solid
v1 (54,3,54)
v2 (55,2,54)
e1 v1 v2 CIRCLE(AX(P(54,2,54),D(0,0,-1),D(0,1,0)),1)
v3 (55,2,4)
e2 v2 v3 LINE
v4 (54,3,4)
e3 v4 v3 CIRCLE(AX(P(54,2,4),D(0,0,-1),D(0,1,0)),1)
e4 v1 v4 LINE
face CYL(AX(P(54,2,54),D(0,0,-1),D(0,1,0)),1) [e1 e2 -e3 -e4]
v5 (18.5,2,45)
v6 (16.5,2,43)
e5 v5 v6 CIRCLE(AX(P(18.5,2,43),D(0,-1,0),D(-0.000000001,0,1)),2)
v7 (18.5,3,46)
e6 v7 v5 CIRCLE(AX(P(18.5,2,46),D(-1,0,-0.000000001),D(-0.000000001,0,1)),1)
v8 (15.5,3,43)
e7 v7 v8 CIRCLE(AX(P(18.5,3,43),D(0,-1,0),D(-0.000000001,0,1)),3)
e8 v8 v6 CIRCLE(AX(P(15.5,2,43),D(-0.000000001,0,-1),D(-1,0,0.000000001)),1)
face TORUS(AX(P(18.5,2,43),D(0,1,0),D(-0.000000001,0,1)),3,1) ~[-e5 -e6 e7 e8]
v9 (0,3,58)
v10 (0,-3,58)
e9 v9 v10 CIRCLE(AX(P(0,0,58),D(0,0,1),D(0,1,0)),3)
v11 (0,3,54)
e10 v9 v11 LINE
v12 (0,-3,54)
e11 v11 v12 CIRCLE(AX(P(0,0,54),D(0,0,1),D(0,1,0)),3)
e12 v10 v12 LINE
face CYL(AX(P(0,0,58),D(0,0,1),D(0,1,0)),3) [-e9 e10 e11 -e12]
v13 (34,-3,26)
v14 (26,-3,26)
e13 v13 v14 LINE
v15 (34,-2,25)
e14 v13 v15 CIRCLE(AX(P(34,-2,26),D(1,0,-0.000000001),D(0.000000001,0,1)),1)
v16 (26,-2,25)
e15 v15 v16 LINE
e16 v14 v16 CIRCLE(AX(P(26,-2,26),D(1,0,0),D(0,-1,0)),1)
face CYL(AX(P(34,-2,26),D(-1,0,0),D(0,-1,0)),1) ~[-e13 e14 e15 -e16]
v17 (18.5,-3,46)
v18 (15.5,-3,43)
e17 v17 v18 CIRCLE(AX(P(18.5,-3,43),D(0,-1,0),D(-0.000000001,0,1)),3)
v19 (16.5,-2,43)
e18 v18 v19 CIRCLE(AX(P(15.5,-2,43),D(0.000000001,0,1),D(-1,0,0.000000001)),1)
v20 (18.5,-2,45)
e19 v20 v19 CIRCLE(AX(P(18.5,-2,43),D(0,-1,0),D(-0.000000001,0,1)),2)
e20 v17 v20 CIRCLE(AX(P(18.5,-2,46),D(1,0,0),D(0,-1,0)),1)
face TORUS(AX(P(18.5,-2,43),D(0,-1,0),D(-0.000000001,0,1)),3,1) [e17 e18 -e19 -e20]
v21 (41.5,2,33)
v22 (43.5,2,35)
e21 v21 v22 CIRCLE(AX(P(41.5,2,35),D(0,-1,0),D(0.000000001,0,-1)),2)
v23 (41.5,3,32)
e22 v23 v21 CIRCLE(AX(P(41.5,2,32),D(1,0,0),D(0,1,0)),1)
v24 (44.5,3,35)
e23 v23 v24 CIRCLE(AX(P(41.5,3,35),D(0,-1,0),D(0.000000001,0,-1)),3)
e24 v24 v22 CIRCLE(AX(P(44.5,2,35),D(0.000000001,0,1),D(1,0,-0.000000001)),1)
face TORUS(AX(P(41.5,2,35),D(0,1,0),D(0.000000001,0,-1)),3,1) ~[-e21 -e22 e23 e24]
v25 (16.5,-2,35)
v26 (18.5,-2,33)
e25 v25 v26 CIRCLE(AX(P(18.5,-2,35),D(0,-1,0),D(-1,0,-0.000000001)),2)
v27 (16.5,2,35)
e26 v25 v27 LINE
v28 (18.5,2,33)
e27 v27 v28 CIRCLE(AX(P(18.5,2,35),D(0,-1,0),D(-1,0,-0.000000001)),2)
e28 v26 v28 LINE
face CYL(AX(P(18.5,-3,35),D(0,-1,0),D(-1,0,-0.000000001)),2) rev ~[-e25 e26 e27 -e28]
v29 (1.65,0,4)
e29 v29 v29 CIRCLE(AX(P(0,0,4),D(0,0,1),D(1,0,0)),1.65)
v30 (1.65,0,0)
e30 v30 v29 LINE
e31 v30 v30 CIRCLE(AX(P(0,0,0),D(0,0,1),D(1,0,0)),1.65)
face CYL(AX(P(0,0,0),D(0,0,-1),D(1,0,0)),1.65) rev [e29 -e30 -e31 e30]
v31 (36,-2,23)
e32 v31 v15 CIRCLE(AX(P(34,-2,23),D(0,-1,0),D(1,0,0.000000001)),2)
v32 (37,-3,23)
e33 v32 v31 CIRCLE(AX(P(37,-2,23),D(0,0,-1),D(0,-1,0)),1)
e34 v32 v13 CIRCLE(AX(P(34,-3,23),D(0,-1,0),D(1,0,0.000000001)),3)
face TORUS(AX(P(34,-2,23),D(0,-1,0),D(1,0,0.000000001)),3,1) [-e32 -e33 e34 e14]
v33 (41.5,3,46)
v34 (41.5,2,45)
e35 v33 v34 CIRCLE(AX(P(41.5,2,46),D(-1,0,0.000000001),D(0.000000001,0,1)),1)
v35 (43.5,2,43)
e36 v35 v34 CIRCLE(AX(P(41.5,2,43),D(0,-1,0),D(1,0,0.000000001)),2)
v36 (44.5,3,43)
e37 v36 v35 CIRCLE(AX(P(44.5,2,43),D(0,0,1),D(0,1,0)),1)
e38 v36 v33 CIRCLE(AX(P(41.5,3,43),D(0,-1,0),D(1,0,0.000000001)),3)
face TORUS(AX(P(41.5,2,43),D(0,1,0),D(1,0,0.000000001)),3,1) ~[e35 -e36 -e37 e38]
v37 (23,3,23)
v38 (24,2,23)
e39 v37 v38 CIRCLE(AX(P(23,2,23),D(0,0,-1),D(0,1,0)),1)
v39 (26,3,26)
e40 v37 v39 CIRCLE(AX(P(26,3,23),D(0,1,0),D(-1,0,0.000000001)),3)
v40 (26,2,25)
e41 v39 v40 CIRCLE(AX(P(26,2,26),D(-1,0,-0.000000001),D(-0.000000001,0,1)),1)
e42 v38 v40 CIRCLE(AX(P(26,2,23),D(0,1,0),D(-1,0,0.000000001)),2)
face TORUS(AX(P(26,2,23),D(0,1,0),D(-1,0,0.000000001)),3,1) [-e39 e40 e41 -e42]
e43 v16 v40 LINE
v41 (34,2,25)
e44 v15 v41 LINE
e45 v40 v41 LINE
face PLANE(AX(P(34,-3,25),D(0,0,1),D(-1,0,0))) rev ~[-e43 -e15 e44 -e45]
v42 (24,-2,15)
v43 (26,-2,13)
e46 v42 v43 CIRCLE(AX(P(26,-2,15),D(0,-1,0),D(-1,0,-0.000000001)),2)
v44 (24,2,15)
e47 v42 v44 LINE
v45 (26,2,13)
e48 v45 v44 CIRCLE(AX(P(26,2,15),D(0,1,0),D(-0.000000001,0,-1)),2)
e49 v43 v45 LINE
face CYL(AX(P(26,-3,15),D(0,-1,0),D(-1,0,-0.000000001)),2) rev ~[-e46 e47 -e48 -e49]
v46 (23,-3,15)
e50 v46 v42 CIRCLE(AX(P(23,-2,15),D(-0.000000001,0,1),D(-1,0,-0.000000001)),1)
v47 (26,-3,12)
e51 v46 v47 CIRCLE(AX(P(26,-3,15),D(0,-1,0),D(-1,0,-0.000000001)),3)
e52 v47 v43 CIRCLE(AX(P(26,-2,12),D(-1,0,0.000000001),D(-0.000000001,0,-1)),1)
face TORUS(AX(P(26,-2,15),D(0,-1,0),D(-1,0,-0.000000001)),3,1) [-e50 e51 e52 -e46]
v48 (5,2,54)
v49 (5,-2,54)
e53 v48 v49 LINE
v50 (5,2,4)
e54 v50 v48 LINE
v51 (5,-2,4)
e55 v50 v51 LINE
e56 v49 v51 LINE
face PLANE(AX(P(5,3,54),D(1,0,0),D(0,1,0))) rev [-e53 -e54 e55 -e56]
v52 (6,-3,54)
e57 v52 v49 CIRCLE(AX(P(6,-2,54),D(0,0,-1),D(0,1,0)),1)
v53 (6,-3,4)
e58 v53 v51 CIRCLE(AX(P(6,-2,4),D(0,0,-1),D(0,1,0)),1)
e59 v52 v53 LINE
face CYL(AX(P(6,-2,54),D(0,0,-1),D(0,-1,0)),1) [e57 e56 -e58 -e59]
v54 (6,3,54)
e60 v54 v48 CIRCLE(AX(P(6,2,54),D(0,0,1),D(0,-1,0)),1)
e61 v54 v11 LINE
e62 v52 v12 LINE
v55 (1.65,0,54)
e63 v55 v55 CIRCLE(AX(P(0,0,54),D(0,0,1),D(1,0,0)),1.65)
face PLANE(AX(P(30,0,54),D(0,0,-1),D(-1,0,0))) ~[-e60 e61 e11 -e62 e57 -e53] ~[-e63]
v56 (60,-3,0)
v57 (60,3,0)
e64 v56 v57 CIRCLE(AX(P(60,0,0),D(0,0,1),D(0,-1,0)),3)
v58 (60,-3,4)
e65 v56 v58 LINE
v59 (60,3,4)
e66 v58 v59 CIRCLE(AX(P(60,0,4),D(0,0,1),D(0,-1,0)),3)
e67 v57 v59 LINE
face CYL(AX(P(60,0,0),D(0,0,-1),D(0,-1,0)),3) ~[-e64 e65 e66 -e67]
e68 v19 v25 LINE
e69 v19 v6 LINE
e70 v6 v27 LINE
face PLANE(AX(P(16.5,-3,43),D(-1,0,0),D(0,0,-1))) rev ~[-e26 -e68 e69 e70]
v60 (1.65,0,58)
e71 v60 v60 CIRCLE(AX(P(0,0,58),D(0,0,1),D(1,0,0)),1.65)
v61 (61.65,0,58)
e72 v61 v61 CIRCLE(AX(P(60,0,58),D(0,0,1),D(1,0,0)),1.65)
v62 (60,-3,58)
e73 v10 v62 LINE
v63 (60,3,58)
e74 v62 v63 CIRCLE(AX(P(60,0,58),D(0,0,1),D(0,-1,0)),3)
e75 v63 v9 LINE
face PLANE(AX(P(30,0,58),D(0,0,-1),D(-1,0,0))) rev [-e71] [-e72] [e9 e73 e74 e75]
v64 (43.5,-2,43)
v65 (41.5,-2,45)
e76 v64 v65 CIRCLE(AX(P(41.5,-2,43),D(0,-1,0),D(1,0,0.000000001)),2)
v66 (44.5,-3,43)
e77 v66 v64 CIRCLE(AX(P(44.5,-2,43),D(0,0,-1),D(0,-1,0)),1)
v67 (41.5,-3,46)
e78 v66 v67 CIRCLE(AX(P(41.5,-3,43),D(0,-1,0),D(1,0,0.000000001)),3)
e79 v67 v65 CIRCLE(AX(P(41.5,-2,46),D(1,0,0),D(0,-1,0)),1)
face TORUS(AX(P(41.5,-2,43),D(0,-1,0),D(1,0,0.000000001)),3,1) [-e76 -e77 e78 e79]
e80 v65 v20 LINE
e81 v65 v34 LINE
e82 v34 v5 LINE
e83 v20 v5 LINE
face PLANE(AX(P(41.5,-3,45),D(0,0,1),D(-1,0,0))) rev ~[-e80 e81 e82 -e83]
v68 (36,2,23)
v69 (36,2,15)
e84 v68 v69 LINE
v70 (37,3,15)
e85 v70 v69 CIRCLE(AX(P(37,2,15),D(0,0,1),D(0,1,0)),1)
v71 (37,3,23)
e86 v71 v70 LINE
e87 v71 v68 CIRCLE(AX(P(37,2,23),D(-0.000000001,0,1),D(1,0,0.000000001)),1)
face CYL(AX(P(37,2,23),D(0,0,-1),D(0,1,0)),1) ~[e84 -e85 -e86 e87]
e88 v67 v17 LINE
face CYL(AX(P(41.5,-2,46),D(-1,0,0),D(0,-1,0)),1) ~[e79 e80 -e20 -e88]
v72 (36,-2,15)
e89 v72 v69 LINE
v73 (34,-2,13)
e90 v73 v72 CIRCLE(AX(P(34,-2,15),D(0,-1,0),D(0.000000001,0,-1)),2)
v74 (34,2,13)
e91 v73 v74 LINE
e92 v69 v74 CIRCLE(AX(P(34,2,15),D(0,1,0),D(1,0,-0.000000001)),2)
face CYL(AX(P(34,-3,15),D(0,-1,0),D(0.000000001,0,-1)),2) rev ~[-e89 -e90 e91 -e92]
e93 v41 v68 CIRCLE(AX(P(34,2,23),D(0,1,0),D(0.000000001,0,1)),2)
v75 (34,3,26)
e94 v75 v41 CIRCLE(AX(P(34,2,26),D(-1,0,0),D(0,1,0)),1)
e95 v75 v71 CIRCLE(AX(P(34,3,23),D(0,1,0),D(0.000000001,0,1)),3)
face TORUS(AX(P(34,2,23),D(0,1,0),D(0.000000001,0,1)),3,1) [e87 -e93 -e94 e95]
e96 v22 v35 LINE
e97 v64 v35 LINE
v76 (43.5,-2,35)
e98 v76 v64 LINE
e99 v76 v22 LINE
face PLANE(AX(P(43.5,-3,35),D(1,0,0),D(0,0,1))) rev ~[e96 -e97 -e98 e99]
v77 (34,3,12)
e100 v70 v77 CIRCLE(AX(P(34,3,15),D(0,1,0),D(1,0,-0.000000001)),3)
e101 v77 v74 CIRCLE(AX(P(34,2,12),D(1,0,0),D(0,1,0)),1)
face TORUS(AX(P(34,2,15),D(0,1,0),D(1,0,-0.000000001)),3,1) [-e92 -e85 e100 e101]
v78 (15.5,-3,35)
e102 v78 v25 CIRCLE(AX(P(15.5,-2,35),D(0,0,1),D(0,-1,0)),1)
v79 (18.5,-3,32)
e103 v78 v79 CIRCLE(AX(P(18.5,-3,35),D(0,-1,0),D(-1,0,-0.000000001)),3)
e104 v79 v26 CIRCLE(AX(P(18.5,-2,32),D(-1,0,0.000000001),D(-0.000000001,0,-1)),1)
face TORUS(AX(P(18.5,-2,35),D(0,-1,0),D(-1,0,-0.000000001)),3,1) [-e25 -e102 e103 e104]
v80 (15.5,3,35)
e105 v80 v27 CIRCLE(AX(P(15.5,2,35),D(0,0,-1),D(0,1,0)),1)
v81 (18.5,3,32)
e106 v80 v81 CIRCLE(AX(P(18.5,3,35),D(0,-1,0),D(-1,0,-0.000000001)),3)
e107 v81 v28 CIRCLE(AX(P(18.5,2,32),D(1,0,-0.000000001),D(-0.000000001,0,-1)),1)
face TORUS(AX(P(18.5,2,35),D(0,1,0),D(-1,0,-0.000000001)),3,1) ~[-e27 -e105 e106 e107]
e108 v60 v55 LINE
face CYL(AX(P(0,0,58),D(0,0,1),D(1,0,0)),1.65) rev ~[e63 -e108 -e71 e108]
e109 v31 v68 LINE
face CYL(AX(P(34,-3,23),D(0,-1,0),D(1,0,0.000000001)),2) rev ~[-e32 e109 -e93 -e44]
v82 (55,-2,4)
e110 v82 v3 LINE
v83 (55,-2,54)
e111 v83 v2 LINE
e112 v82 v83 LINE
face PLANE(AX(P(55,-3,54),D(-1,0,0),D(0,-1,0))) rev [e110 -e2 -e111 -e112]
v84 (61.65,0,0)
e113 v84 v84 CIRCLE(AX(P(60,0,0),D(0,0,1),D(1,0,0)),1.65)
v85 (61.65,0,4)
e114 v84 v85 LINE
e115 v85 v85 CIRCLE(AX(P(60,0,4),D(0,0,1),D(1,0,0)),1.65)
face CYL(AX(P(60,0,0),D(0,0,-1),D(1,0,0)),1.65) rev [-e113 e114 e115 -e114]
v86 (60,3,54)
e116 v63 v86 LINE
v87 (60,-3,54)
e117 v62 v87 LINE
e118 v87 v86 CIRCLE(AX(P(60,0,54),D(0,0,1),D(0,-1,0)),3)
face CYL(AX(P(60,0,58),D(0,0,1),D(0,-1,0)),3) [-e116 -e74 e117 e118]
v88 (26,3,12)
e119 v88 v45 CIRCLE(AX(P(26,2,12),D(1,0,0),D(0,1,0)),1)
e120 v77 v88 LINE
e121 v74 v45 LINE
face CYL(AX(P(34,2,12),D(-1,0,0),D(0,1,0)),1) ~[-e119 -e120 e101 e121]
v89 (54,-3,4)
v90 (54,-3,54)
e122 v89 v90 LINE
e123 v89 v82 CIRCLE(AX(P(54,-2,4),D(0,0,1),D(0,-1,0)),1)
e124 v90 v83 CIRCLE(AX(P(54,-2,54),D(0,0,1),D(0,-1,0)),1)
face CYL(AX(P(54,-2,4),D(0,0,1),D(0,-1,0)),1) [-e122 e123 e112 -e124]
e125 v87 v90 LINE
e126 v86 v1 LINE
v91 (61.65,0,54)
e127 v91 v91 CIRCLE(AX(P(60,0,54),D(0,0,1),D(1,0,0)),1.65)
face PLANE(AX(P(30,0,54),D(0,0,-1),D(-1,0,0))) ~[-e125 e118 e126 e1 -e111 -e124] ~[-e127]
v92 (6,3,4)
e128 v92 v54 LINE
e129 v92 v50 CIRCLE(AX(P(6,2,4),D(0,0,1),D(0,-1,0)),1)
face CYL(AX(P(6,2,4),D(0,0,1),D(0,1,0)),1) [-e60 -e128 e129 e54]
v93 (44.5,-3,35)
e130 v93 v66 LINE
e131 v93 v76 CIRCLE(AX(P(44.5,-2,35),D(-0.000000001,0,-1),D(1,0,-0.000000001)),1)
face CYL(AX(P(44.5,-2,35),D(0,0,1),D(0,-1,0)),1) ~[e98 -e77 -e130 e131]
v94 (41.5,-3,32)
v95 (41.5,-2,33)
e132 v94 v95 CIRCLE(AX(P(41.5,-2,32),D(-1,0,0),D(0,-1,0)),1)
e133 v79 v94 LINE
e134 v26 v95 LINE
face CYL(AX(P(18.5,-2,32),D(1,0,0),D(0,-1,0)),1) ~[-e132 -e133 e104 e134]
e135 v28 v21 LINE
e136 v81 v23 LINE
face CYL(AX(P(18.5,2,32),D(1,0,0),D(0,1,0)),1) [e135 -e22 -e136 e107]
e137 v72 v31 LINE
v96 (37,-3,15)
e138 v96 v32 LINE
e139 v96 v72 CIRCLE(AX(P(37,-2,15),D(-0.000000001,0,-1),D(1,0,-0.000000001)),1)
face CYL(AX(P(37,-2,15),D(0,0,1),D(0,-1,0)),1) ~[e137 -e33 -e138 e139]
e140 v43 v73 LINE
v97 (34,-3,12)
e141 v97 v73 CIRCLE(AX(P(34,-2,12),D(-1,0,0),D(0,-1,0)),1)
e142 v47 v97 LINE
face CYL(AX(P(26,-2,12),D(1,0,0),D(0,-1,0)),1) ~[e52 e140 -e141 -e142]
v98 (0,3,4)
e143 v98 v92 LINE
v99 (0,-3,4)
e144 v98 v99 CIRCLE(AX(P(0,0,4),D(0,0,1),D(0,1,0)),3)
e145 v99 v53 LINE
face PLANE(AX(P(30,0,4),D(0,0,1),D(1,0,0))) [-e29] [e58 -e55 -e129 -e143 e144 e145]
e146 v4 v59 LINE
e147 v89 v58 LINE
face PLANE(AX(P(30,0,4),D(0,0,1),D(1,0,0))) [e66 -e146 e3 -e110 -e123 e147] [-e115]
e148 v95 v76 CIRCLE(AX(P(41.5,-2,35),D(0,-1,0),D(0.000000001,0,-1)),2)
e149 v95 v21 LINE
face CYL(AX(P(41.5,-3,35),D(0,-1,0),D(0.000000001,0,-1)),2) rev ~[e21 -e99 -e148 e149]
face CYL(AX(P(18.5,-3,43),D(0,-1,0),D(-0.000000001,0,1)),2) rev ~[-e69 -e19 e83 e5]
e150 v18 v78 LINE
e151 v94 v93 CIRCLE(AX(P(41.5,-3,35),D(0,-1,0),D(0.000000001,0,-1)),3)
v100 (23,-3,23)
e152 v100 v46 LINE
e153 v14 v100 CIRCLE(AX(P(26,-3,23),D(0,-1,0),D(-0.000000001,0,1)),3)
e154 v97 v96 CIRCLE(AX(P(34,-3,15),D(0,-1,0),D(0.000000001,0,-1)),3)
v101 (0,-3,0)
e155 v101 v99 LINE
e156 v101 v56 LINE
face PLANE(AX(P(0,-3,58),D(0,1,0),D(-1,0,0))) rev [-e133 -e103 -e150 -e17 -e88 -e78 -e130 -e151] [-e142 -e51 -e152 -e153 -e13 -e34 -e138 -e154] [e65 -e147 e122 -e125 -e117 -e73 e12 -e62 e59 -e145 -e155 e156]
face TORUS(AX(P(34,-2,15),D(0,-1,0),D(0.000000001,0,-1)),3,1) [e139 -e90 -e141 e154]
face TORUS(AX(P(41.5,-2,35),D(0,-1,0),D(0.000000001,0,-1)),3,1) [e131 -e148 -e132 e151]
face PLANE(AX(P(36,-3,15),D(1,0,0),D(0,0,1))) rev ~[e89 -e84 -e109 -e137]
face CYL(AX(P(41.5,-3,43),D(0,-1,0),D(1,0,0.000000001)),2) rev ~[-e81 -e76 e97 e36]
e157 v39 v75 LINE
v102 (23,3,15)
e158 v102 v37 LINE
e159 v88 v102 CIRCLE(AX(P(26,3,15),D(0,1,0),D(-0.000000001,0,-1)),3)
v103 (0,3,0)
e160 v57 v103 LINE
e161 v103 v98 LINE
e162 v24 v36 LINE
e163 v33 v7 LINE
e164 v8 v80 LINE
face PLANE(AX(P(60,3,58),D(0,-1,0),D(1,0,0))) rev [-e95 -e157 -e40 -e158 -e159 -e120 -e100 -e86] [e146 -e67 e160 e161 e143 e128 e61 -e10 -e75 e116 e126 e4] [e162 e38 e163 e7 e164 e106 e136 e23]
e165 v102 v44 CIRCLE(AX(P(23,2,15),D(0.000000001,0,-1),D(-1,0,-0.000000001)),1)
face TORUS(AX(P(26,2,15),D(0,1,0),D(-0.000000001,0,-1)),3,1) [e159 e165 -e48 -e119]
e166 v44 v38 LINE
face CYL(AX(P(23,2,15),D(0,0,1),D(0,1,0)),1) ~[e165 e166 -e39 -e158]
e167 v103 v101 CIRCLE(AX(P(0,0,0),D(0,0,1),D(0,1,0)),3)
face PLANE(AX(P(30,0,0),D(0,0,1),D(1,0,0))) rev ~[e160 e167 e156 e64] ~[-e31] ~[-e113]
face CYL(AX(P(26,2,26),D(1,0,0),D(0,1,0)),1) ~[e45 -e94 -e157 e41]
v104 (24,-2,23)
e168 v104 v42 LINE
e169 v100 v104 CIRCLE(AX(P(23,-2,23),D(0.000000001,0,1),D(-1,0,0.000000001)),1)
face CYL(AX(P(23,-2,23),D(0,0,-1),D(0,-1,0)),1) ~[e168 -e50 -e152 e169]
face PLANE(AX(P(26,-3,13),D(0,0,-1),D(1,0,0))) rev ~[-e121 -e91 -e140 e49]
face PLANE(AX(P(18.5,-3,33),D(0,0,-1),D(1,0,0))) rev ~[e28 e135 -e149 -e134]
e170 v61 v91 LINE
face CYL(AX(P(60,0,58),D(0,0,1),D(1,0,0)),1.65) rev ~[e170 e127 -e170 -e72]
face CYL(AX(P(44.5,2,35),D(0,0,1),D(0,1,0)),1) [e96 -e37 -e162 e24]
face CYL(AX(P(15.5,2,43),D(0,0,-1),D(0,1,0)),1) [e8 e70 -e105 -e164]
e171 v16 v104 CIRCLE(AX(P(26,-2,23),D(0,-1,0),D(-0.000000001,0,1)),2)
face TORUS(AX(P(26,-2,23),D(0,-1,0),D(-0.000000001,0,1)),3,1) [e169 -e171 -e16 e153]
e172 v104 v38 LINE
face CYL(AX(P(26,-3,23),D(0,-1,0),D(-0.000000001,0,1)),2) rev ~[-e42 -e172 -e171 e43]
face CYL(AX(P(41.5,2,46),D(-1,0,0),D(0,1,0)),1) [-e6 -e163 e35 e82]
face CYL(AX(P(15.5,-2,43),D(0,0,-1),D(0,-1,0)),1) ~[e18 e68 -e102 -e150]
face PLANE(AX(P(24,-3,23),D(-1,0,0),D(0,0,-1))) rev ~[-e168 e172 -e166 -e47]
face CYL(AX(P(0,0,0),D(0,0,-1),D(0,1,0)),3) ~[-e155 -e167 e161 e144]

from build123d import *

# Parameters (mm, degrees)
SKETCH1_R           = 1.65
BOSS_EXTRUDE1_DEPTH = 4
BOSS_EXTRUDE2_DEPTH = 25
CUT_EXTRUDE1_DEPTH  = 25
FILLET1_R           = 1


with BuildPart() as part:
    # Sketch1 → Boss-Extrude1 (new body)
    with BuildSketch(Plane.XY):
        with BuildLine():
            ThreePointArc((0, 3), (-3, 0), (0, -3))
            Line((0, -3), (60, -3))
            ThreePointArc((60, -3), (63, 0), (60, 3))
            Line((60, 3), (0, 3))
        make_face()
        Circle(SKETCH1_R, mode=Mode.SUBTRACT)
        with Locations((60, 0)):
            Circle(SKETCH1_R, mode=Mode.SUBTRACT)
    extrude(amount=BOSS_EXTRUDE1_DEPTH)

    # Sketch2 → Boss-Extrude2 (add)
    with BuildSketch(Plane.XY.offset(4)):
        Polygon((55, -2.5), (5, 2.5), (5, -3), (55, -3), align=None)
        Polygon((5, 3), (5, 2.5), (55, -2.5), (55, 3), align=None)
    extrude(amount=BOSS_EXTRUDE2_DEPTH)

    # Mirror1: part across plane


with BuildPart() as part_1:
    add(part.part)
    add(part.part.mirror(Plane.XY.offset(29)))

    # Sketch4 → Cut-Extrude1 (cut)
    with BuildSketch(Plane.XZ.offset(3)):
        with BuildLine():
            Line((16.5, 42.5), (26, 33))
            Line((26, 33), (41.5, 33))
            ThreePointArc((41.5, 33), (42.914213562, 33.585786438), (43.5, 35))
            Line((43.5, 35), (43.5, 43))
            ThreePointArc((43.5, 43), (42.914213562, 44.414213562), (41.5, 45))
            Line((41.5, 45), (18.5, 45))
            ThreePointArc((18.5, 45), (17.085786438, 44.414213562), (16.5, 43))
            Line((16.5, 43), (16.5, 42.5))
        make_face()
        with BuildLine():
            Line((18.5, 33), (26, 33))
            Line((26, 33), (16.5, 42.5))
            Line((16.5, 42.5), (16.5, 35))
            ThreePointArc((16.5, 35), (17.085786438, 33.585786438), (18.5, 33))
        make_face()
        with BuildLine():
            Line((36, 23), (34, 25))
            Line((34, 25), (26, 25))
            ThreePointArc((26, 25), (24.585786438, 24.414213562), (24, 23))
            Line((24, 23), (24, 15))
            ThreePointArc((24, 15), (24.585786438, 13.585786438), (26, 13))
            Line((26, 13), (34, 13))
            ThreePointArc((34, 13), (35.414213562, 13.585786438), (36, 15))
            Line((36, 15), (36, 23))
        make_face()
        with BuildLine():
            ThreePointArc((36, 23), (35.414213562, 24.414213562), (34, 25))
            Line((34, 25), (36, 23))
        make_face()
    extrude(amount=-CUT_EXTRUDE1_DEPTH, mode=Mode.SUBTRACT)

    # Fillet1
    fillet1_edges = [part_1.edges().sort_by_distance(p)[0] for p in [
        (24.585786438, -3, 13.585786438),
        (30, -3, 25),
        (36, -3, 19),
        (30, -3, 13),
        (35.414213562, -3, 13.585786438),
        (35.414213562, -3, 24.414213562),
        (24.585786438, -3, 24.414213562),
        (24, -3, 19),
        (55, -3, 29),
        (55, 3, 29),
        (5, 3, 29),
        (5, -3, 29),
        (30, 3, 13),
        (35.414213562, 3, 13.585786438),
        (36, 3, 19),
        (35.414213562, 3, 24.414213562),
        (30, 3, 25),
        (24.585786438, 3, 24.414213562),
        (24, 3, 19),
        (24.585786438, 3, 13.585786438),
        (17.085786438, 3, 44.414213562),
        (16.5, 3, 39),
        (17.085786438, 3, 33.585786438),
        (30, 3, 33),
        (42.914213562, 3, 33.585786438),
        (43.5, 3, 39),
        (42.914213562, 3, 44.414213562),
        (30, 3, 45),
        (30, -3, 45),
        (43.5, -3, 39),
        (42.914213562, -3, 33.585786438),
        (17.085786438, -3, 33.585786438),
        (17.085786438, -3, 44.414213562),
        (16.5, -3, 39),
        (30, -3, 33),
        (42.914213562, -3, 44.414213562),
    ]]
    fillet(fillet1_edges, radius=FILLET1_R)


solid = part_1.part
